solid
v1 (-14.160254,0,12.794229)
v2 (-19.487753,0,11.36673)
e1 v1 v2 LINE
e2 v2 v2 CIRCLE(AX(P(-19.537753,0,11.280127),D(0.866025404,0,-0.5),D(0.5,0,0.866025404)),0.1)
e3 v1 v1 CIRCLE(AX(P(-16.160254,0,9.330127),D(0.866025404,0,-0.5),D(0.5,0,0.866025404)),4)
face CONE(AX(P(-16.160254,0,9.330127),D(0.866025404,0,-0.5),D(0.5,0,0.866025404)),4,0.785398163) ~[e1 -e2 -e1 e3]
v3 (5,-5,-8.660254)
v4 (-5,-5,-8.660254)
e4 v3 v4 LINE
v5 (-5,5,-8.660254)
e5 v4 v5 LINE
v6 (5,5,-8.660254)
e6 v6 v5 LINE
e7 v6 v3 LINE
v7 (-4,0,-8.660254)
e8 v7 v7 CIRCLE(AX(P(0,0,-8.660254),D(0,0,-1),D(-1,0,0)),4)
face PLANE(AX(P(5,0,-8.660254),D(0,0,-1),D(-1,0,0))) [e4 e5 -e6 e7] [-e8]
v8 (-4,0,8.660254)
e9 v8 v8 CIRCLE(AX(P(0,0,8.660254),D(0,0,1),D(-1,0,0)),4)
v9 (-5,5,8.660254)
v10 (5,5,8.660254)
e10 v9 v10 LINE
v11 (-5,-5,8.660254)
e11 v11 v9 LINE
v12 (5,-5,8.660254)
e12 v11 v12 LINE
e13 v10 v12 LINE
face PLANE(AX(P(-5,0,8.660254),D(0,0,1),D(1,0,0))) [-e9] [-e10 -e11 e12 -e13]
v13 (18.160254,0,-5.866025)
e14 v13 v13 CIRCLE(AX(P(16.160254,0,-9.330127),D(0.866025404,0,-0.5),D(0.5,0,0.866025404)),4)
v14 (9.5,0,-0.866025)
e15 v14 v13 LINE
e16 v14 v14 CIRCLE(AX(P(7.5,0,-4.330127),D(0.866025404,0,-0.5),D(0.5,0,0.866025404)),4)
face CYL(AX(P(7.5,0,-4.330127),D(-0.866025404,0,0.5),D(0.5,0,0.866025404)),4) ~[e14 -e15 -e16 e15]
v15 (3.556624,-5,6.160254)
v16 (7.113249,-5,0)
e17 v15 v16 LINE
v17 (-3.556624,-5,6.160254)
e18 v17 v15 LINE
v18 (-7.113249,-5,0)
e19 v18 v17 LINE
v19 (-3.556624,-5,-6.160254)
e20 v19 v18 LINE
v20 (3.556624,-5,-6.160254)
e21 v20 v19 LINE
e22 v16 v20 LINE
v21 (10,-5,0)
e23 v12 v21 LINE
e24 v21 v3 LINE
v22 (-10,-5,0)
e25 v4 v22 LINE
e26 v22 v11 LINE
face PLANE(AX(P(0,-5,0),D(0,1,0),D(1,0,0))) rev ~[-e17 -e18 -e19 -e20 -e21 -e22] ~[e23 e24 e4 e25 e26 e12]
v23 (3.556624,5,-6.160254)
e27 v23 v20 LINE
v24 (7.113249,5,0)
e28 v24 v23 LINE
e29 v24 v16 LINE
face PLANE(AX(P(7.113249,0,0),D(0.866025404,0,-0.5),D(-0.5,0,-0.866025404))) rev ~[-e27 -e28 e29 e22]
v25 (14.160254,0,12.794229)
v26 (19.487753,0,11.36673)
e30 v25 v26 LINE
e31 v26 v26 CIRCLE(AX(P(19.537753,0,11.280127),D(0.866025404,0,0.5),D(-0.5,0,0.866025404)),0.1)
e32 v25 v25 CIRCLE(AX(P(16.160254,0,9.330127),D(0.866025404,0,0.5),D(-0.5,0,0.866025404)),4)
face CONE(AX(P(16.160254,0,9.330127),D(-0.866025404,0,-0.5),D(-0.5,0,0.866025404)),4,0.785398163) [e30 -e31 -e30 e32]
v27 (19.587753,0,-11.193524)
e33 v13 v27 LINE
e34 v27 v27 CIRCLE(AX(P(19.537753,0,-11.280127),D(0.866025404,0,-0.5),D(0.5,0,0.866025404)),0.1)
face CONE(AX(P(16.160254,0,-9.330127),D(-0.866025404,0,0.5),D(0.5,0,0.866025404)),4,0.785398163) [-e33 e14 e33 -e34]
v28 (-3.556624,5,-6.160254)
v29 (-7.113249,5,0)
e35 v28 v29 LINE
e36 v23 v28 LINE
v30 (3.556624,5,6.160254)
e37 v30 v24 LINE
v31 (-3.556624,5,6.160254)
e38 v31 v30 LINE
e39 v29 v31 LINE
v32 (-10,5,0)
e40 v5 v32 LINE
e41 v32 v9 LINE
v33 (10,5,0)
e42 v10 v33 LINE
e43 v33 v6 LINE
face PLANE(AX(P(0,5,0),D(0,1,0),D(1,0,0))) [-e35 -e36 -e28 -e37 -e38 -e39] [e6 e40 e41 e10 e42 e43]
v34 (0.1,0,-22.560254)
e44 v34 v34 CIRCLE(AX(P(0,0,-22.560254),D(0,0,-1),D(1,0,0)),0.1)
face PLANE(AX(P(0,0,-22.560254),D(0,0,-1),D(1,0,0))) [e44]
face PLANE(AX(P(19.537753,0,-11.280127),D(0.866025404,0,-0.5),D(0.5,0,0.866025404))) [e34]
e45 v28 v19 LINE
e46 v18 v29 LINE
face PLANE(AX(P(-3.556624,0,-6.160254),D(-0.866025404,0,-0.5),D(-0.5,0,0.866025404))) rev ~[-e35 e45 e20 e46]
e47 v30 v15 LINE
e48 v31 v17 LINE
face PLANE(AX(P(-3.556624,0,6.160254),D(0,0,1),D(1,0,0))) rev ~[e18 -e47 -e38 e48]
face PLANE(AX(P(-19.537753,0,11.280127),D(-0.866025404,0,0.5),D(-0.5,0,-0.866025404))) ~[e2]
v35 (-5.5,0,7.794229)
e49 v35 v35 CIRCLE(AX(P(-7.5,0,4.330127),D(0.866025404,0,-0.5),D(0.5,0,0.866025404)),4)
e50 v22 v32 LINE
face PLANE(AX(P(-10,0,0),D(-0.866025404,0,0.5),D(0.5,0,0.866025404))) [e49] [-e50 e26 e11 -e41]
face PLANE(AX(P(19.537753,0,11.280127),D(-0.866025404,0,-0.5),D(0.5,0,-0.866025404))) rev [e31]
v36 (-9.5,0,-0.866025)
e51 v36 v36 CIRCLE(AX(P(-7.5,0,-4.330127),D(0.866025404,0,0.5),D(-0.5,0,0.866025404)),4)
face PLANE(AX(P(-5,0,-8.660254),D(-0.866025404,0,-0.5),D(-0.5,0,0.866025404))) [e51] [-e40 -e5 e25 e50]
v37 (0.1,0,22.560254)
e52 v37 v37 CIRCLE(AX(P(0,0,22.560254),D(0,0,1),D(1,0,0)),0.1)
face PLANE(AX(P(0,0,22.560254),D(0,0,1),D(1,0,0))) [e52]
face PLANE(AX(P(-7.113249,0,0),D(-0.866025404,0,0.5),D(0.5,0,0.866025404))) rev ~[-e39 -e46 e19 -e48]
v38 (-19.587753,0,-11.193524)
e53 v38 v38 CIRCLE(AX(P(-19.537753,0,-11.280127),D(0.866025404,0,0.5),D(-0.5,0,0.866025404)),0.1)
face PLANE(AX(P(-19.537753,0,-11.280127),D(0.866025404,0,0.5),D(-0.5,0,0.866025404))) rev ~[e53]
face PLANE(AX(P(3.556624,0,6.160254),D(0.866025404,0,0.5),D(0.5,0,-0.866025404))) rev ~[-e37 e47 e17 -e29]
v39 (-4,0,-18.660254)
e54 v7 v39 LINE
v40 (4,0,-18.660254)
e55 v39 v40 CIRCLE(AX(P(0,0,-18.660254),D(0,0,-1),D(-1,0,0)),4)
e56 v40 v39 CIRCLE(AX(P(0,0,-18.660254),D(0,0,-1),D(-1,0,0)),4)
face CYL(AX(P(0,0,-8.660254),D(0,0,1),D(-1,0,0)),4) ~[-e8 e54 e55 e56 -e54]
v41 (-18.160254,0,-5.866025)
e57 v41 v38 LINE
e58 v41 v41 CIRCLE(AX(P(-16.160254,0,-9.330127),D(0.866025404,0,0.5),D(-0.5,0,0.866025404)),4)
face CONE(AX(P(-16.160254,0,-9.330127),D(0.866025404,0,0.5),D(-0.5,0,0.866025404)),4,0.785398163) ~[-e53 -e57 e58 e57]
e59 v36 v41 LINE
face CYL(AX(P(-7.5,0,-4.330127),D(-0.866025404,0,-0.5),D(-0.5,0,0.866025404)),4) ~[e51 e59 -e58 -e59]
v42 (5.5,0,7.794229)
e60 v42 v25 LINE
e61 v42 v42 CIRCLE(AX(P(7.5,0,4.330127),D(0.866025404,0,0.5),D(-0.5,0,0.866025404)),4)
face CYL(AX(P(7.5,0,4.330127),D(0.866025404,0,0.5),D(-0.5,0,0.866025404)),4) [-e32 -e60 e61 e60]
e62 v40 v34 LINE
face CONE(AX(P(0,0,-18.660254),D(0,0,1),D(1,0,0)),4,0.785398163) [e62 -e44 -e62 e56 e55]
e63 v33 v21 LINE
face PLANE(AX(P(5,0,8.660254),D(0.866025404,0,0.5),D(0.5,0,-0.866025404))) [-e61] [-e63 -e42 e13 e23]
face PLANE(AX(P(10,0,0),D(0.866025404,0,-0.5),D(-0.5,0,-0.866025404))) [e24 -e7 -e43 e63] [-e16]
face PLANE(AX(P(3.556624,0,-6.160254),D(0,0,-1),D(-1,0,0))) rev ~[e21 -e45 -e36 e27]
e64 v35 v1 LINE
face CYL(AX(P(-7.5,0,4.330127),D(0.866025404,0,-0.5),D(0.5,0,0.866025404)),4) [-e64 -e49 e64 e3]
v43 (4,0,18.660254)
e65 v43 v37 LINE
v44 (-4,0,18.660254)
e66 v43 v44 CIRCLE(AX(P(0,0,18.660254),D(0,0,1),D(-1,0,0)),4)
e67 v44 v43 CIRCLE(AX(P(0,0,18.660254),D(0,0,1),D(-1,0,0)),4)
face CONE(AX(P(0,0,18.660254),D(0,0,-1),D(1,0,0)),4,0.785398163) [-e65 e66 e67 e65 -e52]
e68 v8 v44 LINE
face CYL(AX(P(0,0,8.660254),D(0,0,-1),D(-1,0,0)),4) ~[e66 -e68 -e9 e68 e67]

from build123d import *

# Parameters (mm, degrees)
BOSS_EXTRUDE1_DEPTH     = 5
SKETCH2_R               = 4
BOSS_EXTRUDE2_DEPTH     = 10
SKETCH6_R               = 4
BOSS_EXTRUDE3_DEPTH     = 10
MIRROR2_COPY_1_SKETCH_R = 4
MIRROR2_COPY_1_DEPTH    = 10
MIRROR2_COPY_3_SKETCH_R = 4
MIRROR2_COPY_3_DEPTH    = 10


with BuildPart() as part:
    # Sketch1 → Boss-Extrude1 (new, symmetric)
    with BuildSketch(Plane(origin=(0, 0, 0), x_dir=(1, 0, 0), z_dir=(0, 1, 0))):
        Polygon((5, 8.660254038), (-5, 8.660254038), (-10, 0), (-5, -8.660254038), (5, -8.660254038), (10, 0), align=None)
        Polygon((-7.113248654, 0), (-3.556624327, -6.160254038), (3.556624327, -6.160254038), (7.113248654, 0), (3.556624327, 6.160254038), (-3.556624327, 6.160254038), align=None, mode=Mode.SUBTRACT)
    extrude(amount=BOSS_EXTRUDE1_DEPTH, both=True)

    # Sketch2 → Boss-Extrude2 (add)
    with BuildSketch(Plane(origin=(0, 0, -8.660254038), x_dir=(-1, 0, 0), z_dir=(0, 0, -1))):
        Circle(SKETCH2_R)
    extrude(amount=BOSS_EXTRUDE2_DEPTH)

    # Sketch3 → Revolve1 (revolve)
    with BuildSketch(Plane(origin=(0, 0, 0), x_dir=(0, 0, -1), z_dir=(1, 0, 0)), mode=Mode.PRIVATE) as revolve1_sk:
        Polygon((18.660254038, 4), (22.560254038, 0.1), (22.560254038, 0), (18.660254038, 0), align=None)
    revolve(revolve1_sk.sketch.rotate(Axis((0, 0, 981.339745962), (0, 0, -1)), 90), axis=Axis((0, 0, 981.339745962), (0, 0, -1)))

    # Sketch6 → Boss-Extrude3 (add)
    with BuildSketch(Plane(origin=(7.5, 0, -4.330127019), x_dir=(-0.49999999999999983, 0, -0.8660254037844388), z_dir=(0.8660254037844387, 0, -0.4999999999999998))):
        with Locations(Location((0, 0, 0), (0, 0, 180))):
            Circle(SKETCH6_R)
    boss_extrude3 = extrude(amount=BOSS_EXTRUDE3_DEPTH)

    # Sketch9 → Revolve4 (revolve)
    with BuildSketch(Plane(origin=(0, 0, 0), x_dir=(1, 0, 0), z_dir=(0, 1, 0)), mode=Mode.PRIVATE) as revolve4_sk:
        Polygon((14.160254038, 12.794228634), (19.487753113, 11.366729559), (19.537753113, 11.280127019), (16.160254038, 9.330127019), align=None)
    revolve4 = revolve(revolve4_sk.sketch.rotate(Axis((0, 0, 0), (0.8660254037844387, 0, -0.5000000000000001)), 180), axis=Axis((0, 0, 0), (0.8660254037844387, 0, -0.5000000000000001)))

    # Sketch10 → Revolve5 (revolve)
    with BuildSketch(Plane(origin=(0, 0, 0), x_dir=(1, 0, 0), z_dir=(0, 1, 0)), mode=Mode.PRIVATE) as revolve5_sk:
        Polygon((9.5, -0.866025404), (18.160254038, -5.866025404), (19.587753113, -11.193524479), (19.537753113, -11.280127019), (7.5, -4.330127019), align=None)
    revolve5 = revolve(revolve5_sk.sketch.rotate(Axis((0, 0, 0), (0.8660254037844387, 0, 0.5)), 180), axis=Axis((0, 0, 0), (0.8660254037844387, 0, 0.5)))

    # Mirror1: Boss-Extrude3, Revolve4 across plane
    add(boss_extrude3.mirror(Plane(origin=(0, 0, 0), x_dir=(0.49999999999999983, 0, 0.8660254037844387), z_dir=(0.8660254037844388, 0, -0.49999999999999983))))
    add(revolve4.mirror(Plane(origin=(0, 0, 0), x_dir=(0.49999999999999983, 0, 0.8660254037844387), z_dir=(0.8660254037844388, 0, -0.49999999999999983))))

    # Mirror2: Revolve5 across plane
    add(revolve5.mirror(Plane(origin=(0, 0, 0), x_dir=(-0.49999999999999983, 0, 0.8660254037844387), z_dir=(0.8660254037844388, 0, 0.49999999999999983))))

    # Mirror2 copy 1 sketch → Mirror2 copy 1 (add)
    with BuildSketch(Plane.XY.offset(8.660254038)):
        with Locations(Location((0, 0, 0), (0, 0, 180))):
            Circle(MIRROR2_COPY_1_SKETCH_R)
    extrude(amount=MIRROR2_COPY_1_DEPTH)

    # Mirror2 copy 2 sketch → Mirror2 copy 2 (revolve)
    with BuildSketch(Plane(origin=(0, 0, 0), x_dir=(-0.499999999999999, 0, 0.8660254037844393), z_dir=(0, 1, 0))):
        Polygon((14.160254038, 12.794228634), (19.487753113, 11.366729559), (19.537753113, 11.280127019), (16.160254038, 9.330127019), align=None)
    revolve(axis=Axis((0, 0, 0), (0, 0, 1)))

    # Mirror2 copy 3 sketch → Mirror2 copy 3 (add)
    with BuildSketch(Plane(origin=(0, 0, -8.660254038), x_dir=(1, 0, 0), z_dir=(0, 0, -1))):
        Circle(MIRROR2_COPY_3_SKETCH_R)
    extrude(amount=MIRROR2_COPY_3_DEPTH)

    # Mirror2 copy 4 sketch → Mirror2 copy 4 (revolve)
    with BuildSketch(Plane(origin=(0, 0, 0), x_dir=(-0.5000000000000007, 0, -0.8660254037844385), z_dir=(0, 1, 0))):
        Polygon((14.160254038, -12.794228634), (19.487753113, -11.366729559), (19.537753113, -11.280127019), (16.160254038, -9.330127019), align=None)
    revolve(axis=Axis((0, 0, 0), (0, 0, 1)))


solid = part.part
